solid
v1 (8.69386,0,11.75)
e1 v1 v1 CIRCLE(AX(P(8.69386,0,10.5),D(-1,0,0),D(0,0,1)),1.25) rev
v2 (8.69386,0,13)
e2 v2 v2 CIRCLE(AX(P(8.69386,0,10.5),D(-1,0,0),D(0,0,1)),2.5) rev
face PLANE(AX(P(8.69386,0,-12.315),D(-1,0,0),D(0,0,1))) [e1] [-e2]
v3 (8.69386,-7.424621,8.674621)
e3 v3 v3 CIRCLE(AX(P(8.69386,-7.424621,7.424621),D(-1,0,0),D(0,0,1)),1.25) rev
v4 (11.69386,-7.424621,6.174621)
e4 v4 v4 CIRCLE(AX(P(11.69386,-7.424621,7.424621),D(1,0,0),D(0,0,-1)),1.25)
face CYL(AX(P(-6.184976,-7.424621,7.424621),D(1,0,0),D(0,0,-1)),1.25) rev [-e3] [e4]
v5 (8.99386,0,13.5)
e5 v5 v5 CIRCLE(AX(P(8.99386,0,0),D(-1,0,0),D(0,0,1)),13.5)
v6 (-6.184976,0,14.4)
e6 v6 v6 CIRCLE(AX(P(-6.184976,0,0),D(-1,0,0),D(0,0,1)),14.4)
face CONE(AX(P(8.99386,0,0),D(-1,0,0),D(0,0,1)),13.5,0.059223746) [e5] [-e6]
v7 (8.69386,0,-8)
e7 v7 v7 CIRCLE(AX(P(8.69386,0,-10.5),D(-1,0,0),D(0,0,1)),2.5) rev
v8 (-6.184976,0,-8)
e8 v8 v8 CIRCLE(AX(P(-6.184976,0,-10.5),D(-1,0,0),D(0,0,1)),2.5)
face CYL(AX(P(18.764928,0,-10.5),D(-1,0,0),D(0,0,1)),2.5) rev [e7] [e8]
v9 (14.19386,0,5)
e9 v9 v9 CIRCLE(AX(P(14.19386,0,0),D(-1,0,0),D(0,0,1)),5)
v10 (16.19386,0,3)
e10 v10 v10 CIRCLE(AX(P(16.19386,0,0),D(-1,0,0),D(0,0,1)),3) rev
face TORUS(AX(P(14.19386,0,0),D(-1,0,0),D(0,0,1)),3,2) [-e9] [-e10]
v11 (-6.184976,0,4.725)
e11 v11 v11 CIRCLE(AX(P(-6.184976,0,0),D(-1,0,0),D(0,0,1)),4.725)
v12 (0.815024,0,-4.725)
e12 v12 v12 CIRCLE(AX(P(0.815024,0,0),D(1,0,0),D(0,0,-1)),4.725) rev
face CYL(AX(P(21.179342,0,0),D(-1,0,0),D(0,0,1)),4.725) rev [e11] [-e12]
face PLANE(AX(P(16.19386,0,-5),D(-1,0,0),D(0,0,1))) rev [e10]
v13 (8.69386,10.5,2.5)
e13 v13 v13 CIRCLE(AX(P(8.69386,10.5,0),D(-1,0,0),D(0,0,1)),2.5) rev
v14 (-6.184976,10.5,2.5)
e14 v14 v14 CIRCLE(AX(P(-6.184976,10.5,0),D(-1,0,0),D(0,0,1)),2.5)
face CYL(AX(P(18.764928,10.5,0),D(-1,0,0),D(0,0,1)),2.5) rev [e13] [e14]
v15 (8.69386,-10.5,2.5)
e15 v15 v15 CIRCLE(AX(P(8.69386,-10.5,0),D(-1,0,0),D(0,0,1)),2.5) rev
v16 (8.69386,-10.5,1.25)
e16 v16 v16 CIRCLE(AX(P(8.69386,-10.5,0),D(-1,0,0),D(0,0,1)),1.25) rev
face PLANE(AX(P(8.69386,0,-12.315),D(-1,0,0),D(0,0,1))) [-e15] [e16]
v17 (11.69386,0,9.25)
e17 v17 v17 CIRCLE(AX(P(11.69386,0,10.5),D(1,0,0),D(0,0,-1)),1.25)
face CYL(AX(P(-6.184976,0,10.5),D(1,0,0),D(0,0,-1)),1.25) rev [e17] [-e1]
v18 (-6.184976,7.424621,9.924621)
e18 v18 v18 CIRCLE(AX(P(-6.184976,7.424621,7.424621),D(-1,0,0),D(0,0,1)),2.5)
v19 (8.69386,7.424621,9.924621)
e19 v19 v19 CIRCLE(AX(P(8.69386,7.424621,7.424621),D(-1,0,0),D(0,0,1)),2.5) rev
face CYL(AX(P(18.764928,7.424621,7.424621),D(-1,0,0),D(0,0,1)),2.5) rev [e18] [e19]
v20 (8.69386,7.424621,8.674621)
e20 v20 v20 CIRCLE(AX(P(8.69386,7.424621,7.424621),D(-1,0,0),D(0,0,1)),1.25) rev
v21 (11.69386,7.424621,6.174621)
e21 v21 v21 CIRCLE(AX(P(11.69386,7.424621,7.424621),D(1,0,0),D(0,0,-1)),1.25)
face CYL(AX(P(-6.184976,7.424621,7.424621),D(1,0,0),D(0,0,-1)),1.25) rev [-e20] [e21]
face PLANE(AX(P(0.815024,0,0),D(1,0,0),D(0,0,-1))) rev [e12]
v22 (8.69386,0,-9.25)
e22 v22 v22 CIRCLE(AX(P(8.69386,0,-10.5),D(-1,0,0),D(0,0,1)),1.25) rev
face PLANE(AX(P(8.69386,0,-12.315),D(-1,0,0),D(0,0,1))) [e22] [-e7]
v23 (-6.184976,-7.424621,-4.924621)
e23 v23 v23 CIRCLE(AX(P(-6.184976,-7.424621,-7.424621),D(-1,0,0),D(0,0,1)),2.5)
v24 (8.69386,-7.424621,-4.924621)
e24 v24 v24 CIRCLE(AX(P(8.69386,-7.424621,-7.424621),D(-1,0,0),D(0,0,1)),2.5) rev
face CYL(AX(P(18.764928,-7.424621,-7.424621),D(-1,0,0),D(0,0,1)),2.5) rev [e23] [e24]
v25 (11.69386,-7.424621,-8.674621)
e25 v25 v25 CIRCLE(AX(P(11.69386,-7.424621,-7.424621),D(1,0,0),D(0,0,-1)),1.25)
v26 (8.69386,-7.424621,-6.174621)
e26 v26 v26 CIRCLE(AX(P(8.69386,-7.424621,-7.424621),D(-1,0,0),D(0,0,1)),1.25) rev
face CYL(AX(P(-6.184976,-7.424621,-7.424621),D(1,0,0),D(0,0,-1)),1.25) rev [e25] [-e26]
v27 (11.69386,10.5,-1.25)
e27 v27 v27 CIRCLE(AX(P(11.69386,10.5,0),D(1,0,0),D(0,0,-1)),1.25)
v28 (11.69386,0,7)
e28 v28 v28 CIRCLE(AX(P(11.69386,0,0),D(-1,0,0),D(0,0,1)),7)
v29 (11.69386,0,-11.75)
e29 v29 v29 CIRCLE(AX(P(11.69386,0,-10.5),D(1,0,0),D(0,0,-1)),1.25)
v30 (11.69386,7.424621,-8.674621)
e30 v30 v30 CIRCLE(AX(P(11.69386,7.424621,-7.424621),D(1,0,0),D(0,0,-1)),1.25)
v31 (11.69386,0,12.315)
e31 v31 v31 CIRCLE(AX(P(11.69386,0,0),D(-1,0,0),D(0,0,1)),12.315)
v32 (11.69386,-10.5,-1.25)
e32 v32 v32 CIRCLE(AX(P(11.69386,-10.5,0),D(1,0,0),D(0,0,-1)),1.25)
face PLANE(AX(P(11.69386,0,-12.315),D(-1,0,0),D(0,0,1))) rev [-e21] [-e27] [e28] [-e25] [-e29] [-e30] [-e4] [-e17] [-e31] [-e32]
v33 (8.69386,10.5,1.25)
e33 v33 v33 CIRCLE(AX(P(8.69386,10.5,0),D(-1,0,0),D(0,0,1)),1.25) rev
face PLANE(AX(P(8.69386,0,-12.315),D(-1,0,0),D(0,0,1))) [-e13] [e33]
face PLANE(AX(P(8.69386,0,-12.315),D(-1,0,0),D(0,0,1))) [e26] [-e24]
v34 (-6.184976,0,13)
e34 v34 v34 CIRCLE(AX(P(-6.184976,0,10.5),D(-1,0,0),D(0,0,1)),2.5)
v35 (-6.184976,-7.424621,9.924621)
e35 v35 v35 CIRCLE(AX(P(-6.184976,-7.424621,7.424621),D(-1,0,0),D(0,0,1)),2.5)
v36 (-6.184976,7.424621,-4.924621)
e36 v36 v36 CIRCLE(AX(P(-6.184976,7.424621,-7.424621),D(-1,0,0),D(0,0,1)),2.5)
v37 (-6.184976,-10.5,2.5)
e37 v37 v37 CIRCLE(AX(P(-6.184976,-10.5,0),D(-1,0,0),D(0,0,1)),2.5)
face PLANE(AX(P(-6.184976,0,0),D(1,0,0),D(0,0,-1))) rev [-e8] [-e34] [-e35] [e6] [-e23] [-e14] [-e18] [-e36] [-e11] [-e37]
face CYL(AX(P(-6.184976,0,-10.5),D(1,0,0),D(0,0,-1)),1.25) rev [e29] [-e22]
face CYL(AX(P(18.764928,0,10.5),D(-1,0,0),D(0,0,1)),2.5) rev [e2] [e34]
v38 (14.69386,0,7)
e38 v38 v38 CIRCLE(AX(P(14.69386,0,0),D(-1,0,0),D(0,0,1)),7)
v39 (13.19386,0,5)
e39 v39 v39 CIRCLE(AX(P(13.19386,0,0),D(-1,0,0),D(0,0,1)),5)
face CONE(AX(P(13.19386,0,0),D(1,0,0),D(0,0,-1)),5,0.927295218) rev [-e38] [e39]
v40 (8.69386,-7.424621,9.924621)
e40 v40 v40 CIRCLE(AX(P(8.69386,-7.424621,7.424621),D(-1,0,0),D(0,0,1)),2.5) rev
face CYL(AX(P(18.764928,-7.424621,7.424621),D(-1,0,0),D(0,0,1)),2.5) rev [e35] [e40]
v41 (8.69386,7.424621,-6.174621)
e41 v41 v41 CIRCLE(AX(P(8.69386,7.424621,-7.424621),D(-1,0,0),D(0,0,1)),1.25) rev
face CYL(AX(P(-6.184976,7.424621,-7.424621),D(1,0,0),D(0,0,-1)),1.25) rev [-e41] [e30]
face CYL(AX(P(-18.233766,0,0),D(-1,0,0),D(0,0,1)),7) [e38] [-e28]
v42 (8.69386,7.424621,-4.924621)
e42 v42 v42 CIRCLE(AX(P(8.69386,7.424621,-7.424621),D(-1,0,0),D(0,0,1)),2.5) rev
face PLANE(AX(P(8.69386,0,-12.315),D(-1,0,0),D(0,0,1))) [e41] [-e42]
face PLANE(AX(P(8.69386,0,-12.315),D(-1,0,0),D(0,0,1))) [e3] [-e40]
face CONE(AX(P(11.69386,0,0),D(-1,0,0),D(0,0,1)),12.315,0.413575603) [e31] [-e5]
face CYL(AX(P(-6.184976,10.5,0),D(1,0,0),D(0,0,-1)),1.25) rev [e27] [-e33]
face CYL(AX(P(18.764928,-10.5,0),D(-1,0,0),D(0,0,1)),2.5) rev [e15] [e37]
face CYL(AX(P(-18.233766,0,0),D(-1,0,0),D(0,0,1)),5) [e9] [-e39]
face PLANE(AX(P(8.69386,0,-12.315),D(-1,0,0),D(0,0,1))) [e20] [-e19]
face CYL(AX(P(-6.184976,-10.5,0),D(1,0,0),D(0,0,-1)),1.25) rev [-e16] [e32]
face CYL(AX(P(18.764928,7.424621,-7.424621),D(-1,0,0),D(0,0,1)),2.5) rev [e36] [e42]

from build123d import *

# Parameters (mm, degrees)
SKETCH2_R          = 4.725
CUT_EXTRUDE1_DEPTH = 7
SKETCH3_R          = 1.25
CUT_EXTRUDE2_DEPTH = 18.878835952
SKETCH4_R          = 2.5
CUT_EXTRUDE3_DEPTH = 14.878836
FILLET1_R          = 2


with BuildPart() as part:
    # Sketch1 → Revolve1 (revolve)
    with BuildSketch(Plane(origin=(0, 0, 0), x_dir=(1, 0, 0), z_dir=(0, 1, 0))):
        Polygon((11.693859716, 12.315), (11.693859716, 7), (14.693859716, 7), (13.193859716, 5), (14.693859716, 5), (16.193859716, 5), (16.193859716, 0), (-6.184976236, 0), (-6.184976236, 14.4), (8.993859716, 13.5), align=None)
    revolve(axis=Axis((-18.233766234, 0, 0), (1, 0, 0)))

    # Sketch2 → Cut-Extrude1 (cut)
    with BuildSketch(Plane.ZY.offset(6.184976236)):
        Circle(SKETCH2_R)
    extrude(amount=-CUT_EXTRUDE1_DEPTH, mode=Mode.SUBTRACT)

    # Sketch3 → Cut-Extrude2 (cut, through all)
    with BuildSketch(Plane(origin=(11.693859716, 0, 0), x_dir=(0, 0, -1), z_dir=(1, 0, 0))):
        with Locations((0, 10.5)):
            Circle(SKETCH3_R)
        with Locations((7.424621202, 7.424621202)):
            Circle(SKETCH3_R)
        with Locations((10.5, 0)):
            Circle(SKETCH3_R)
        with Locations((7.424621202, -7.424621202)):
            Circle(SKETCH3_R)
        with Locations((0, -10.5)):
            Circle(SKETCH3_R)
        with Locations((-7.424621202, -7.424621202)):
            Circle(SKETCH3_R)
        with Locations((-10.5, 0)):
            Circle(SKETCH3_R)
        with Locations((-7.424621202, 7.424621202)):
            Circle(SKETCH3_R)
    extrude(amount=-CUT_EXTRUDE2_DEPTH, mode=Mode.SUBTRACT)

    # Sketch4 → Cut-Extrude3 (cut)
    with BuildSketch(Plane.ZY.offset(6.184976236)):
        with Locations((0, 10.5)):
            Circle(SKETCH4_R)
        with Locations((7.424621202, 7.424621202)):
            Circle(SKETCH4_R)
        with Locations((10.5, 0)):
            Circle(SKETCH4_R)
        with Locations((7.424621202, -7.424621202)):
            Circle(SKETCH4_R)
        with Locations((0, -10.5)):
            Circle(SKETCH4_R)
        with Locations((-7.424621202, -7.424621202)):
            Circle(SKETCH4_R)
        with Locations((-10.5, 0)):
            Circle(SKETCH4_R)
        with Locations((-7.424621202, 7.424621202)):
            Circle(SKETCH4_R)
    extrude(amount=-CUT_EXTRUDE3_DEPTH, mode=Mode.SUBTRACT)

    # Fillet1
    fillet1_edges = [part.edges().sort_by_distance(p)[0] for p in [
        (16.193859716, 0, 5),
    ]]
    fillet(fillet1_edges, radius=FILLET1_R)


solid = part.part
